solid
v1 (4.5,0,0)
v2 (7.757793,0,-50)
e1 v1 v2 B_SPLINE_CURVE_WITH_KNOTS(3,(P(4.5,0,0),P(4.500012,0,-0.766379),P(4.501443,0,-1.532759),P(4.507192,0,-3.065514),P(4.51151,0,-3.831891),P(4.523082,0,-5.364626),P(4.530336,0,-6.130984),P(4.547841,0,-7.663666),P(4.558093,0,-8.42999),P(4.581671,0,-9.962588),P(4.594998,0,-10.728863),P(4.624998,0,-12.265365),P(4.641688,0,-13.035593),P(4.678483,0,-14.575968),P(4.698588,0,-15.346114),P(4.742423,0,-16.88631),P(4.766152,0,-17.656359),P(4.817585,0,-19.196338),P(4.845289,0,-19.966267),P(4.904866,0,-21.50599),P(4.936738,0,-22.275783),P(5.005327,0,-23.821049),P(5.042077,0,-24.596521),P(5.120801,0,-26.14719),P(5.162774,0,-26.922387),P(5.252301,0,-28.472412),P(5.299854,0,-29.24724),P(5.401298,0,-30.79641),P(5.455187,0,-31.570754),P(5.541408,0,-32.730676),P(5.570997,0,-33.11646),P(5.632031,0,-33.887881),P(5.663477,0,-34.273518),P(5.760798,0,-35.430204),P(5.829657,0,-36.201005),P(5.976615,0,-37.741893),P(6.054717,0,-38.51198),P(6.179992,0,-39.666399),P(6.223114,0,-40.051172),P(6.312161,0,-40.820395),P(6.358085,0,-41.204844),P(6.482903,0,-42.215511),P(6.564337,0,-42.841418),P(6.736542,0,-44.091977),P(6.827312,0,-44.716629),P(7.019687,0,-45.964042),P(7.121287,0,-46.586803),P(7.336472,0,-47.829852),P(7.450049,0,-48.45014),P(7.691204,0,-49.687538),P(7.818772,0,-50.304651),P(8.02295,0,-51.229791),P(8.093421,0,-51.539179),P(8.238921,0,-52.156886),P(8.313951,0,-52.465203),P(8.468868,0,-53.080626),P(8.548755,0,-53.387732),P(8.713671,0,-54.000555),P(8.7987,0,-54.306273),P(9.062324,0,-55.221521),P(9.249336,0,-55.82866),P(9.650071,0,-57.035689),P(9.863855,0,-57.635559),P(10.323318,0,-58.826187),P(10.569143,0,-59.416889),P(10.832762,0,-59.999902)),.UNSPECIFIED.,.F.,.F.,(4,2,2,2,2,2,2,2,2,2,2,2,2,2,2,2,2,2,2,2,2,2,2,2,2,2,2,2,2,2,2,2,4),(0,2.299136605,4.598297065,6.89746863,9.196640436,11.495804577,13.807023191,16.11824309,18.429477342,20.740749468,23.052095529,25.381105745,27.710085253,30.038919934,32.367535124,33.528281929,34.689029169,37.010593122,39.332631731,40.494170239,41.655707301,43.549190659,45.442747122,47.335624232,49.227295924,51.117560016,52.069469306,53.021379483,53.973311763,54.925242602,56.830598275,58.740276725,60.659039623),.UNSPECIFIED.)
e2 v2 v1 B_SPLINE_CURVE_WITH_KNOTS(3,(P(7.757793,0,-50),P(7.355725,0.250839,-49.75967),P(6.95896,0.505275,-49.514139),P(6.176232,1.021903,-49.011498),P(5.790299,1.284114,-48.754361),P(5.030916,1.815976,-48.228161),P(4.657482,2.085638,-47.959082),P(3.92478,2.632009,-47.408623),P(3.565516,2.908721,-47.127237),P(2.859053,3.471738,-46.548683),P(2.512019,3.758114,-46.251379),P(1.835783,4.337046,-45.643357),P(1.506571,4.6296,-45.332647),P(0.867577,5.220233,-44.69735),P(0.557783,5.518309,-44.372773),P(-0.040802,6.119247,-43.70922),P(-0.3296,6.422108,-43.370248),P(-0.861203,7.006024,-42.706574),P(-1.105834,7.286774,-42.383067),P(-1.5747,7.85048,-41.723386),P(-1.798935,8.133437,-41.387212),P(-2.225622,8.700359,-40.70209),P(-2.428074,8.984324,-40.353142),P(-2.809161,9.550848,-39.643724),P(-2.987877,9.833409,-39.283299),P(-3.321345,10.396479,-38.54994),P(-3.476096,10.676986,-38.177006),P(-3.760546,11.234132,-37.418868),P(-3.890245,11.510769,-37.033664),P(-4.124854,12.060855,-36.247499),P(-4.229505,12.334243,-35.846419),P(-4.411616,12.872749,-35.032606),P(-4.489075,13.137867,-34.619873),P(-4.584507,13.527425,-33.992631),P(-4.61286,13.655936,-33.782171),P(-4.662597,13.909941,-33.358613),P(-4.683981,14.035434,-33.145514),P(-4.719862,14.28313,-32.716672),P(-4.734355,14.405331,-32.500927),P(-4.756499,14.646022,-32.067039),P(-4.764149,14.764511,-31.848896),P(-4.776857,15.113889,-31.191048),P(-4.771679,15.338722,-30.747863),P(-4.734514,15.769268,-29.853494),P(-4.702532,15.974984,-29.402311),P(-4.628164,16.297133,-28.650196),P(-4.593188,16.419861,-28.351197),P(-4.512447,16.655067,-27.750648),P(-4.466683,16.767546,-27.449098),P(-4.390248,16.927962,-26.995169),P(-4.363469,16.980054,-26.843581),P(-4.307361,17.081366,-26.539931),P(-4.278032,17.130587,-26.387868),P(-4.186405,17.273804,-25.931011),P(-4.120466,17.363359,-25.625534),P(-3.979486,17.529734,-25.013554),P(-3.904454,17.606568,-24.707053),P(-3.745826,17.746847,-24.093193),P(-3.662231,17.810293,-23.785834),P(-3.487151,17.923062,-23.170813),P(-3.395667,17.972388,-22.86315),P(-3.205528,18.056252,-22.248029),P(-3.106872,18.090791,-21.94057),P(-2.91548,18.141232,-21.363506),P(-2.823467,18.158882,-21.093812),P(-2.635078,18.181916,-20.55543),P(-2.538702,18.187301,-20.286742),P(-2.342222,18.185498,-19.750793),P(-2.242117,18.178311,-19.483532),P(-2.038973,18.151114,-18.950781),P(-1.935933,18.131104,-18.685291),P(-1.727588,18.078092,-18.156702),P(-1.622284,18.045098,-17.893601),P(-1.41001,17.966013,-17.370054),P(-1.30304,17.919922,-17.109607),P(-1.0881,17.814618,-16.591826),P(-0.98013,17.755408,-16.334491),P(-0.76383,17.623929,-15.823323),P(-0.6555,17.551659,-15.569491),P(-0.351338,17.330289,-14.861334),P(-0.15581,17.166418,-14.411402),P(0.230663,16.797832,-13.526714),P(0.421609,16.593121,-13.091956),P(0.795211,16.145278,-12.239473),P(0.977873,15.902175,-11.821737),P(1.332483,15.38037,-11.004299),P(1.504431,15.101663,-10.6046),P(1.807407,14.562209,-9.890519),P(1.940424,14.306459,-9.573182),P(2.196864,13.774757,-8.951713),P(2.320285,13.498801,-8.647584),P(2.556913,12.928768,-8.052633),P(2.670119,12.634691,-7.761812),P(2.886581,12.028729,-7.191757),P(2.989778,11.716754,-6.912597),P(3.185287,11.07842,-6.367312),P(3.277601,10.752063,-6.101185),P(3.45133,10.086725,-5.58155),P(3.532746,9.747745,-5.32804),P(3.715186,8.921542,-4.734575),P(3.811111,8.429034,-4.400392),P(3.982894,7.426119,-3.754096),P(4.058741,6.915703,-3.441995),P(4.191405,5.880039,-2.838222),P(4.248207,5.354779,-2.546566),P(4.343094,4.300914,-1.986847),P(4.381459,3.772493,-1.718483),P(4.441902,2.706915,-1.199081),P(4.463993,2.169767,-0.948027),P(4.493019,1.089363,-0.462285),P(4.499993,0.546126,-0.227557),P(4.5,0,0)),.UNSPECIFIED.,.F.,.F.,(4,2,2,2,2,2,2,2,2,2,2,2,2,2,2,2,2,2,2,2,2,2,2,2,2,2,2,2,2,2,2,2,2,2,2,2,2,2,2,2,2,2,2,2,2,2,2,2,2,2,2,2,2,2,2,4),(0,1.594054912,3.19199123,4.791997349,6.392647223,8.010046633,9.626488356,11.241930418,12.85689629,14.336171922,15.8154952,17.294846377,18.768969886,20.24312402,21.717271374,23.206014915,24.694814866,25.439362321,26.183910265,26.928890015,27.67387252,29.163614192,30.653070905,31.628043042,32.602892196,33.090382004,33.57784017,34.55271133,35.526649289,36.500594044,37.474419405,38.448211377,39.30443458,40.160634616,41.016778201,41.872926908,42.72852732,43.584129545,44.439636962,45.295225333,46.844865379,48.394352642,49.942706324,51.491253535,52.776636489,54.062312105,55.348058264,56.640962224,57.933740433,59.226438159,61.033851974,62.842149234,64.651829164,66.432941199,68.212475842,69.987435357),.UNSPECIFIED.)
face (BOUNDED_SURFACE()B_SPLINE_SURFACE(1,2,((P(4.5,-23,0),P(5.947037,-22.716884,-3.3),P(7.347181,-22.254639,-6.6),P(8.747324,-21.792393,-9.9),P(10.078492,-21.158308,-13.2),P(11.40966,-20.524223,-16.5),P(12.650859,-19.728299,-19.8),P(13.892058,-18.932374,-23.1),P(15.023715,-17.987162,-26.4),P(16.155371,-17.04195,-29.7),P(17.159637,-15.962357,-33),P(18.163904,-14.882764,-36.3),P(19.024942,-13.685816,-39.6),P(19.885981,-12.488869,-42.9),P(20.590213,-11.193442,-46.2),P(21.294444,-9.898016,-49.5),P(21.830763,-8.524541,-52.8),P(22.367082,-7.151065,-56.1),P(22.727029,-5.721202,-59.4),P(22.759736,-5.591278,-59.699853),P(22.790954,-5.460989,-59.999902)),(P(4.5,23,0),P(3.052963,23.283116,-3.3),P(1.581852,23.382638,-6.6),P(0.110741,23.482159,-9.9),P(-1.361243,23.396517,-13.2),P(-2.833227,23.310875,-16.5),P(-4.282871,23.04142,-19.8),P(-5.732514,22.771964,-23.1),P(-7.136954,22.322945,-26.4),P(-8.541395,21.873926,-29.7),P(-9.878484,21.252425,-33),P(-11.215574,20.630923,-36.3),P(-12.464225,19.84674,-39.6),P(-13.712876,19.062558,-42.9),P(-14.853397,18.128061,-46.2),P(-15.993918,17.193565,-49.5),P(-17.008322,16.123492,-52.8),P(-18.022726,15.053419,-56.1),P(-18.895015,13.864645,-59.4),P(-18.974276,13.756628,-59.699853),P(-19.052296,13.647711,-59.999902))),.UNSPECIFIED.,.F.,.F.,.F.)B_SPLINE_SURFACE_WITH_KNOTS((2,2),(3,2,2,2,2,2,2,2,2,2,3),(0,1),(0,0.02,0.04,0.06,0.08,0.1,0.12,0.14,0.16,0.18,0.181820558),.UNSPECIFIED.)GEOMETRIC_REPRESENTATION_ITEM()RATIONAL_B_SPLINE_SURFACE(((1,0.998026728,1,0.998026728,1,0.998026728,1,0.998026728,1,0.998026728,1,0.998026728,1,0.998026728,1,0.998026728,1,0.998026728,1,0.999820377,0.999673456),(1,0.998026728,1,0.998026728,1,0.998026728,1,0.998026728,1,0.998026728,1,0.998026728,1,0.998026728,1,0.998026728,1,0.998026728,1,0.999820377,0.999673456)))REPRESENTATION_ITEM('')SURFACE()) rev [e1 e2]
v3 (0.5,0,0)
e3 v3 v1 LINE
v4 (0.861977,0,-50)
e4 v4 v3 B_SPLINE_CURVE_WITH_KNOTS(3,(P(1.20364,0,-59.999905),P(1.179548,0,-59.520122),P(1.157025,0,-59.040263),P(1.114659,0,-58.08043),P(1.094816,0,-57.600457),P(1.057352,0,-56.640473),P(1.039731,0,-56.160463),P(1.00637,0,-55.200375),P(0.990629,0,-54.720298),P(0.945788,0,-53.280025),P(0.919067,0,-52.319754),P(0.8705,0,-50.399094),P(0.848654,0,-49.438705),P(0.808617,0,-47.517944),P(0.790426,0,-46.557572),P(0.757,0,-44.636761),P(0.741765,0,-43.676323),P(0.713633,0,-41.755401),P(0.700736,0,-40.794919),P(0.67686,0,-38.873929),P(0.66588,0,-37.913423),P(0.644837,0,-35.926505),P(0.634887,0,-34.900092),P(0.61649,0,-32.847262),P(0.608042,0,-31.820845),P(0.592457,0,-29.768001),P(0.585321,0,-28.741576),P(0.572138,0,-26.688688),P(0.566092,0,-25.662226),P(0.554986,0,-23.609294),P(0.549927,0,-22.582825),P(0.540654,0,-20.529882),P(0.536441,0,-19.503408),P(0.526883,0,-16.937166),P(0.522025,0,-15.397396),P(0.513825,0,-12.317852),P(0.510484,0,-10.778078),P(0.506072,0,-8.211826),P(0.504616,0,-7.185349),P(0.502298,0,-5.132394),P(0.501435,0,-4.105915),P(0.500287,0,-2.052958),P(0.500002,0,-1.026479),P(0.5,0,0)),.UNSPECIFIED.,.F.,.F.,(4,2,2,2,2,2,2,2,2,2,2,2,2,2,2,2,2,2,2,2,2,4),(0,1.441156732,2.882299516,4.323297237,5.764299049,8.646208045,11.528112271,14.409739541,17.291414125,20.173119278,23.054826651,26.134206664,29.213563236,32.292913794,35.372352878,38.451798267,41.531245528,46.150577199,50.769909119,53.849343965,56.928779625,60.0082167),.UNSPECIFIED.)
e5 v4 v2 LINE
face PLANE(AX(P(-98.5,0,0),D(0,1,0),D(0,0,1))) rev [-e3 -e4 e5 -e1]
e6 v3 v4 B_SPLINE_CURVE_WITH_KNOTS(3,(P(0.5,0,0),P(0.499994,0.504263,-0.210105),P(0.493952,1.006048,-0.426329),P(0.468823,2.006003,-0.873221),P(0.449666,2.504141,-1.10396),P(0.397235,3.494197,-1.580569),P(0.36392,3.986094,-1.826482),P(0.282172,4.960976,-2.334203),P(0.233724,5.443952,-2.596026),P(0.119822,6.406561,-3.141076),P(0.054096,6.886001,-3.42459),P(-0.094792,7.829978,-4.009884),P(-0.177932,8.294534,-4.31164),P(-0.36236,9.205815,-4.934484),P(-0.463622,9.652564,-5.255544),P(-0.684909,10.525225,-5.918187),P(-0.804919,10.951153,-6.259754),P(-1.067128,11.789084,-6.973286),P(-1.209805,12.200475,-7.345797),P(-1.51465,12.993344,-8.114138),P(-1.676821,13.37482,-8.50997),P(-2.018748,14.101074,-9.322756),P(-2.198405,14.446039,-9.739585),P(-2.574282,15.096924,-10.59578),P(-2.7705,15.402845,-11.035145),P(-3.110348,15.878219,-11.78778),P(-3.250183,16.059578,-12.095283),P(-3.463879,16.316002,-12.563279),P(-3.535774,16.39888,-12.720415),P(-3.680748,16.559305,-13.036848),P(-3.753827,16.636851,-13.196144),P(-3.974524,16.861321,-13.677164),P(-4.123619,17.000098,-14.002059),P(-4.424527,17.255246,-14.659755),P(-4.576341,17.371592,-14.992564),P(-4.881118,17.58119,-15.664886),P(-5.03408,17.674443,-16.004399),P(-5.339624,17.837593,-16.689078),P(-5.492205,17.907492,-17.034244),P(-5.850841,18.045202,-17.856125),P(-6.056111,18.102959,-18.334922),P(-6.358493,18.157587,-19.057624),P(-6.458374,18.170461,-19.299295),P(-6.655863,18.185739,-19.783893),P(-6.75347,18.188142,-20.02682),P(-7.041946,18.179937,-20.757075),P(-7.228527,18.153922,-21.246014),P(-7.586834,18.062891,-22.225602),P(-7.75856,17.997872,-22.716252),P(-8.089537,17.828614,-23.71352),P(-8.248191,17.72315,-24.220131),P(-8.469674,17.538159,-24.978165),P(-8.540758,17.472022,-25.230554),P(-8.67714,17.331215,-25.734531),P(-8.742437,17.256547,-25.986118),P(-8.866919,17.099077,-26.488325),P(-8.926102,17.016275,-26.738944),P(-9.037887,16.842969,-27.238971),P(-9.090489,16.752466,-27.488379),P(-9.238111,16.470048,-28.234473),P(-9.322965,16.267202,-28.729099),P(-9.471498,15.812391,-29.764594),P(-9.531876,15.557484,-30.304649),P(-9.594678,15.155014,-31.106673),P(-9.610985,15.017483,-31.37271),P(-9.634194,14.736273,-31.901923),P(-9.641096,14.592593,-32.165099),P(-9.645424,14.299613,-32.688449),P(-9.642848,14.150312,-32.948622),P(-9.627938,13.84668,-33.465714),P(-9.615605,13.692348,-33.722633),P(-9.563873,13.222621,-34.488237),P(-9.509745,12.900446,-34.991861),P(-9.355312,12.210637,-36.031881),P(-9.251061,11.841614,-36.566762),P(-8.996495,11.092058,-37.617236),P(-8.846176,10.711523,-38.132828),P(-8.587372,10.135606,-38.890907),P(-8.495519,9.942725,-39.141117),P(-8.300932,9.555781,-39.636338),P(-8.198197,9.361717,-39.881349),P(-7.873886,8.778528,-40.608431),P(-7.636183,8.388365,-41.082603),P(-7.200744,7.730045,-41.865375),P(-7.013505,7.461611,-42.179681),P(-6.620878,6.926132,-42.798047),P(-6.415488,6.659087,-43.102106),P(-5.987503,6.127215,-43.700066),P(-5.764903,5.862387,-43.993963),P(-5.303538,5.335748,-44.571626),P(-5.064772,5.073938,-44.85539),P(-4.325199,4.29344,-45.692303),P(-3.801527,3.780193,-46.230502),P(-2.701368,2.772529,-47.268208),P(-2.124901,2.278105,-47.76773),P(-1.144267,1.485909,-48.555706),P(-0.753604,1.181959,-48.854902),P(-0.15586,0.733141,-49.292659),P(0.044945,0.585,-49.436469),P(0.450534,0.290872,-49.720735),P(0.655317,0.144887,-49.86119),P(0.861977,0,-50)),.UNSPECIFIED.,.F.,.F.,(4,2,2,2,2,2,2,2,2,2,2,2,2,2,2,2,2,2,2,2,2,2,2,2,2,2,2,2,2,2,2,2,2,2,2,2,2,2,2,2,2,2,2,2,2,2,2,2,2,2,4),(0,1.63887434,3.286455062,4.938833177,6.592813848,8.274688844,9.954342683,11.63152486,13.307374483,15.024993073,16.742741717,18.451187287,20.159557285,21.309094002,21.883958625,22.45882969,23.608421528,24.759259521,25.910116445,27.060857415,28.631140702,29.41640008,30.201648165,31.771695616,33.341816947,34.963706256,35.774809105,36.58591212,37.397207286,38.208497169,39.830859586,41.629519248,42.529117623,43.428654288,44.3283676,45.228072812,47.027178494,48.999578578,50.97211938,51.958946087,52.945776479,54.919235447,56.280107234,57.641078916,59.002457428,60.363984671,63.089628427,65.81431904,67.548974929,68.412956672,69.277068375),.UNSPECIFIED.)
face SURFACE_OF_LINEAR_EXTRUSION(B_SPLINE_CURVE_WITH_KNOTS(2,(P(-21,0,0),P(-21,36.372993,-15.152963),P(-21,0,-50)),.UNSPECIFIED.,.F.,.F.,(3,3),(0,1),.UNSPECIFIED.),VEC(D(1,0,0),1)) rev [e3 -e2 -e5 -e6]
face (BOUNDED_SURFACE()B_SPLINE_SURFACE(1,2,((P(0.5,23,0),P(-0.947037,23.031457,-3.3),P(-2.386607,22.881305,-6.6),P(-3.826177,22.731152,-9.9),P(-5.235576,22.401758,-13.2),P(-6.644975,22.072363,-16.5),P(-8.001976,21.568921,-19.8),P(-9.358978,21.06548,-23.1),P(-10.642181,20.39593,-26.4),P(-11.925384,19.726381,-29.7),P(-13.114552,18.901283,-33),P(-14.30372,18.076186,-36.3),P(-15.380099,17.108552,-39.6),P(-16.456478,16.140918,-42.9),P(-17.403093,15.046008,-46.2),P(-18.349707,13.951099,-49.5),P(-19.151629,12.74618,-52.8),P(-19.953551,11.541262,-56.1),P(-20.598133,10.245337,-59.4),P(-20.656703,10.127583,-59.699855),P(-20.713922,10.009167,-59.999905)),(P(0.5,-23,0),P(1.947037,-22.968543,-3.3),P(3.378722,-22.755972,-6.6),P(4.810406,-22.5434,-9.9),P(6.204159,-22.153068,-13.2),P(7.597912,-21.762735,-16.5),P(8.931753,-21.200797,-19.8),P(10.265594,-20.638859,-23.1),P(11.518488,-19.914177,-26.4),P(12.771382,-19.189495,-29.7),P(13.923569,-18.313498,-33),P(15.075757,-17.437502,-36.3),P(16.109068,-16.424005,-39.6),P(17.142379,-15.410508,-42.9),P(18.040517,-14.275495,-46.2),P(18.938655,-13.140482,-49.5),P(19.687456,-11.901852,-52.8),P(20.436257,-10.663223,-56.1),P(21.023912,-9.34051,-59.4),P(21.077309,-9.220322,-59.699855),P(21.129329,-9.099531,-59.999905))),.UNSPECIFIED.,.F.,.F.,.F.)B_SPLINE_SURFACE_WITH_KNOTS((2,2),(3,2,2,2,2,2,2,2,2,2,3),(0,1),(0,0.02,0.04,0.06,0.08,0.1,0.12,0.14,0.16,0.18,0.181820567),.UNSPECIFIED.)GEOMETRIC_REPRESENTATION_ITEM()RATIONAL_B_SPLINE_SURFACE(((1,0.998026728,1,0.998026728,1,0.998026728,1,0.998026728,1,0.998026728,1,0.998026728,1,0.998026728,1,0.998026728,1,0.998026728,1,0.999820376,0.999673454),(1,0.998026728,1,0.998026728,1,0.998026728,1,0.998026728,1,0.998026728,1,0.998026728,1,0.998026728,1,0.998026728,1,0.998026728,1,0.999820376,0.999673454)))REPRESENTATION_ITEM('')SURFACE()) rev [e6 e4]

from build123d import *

# Parameters (mm, degrees)
SWEEP_1_PITCH       = 330
SWEEP_1_HEIGHT      = 60
SWEEP_1_RADIUS      = 2.5
SWEEP_1_START_ANGLE = 180
SKETCH_3_W          = 4
SKETCH_3_H          = 46
CUT_EXTRUDE_1_DEPTH = 21
CUT_EXTRUDE_2_DEPTH = 98.5


with BuildPart() as part:
    # 扫描1: sweep along a helix
    with BuildLine() as sweep_1_path:
        add(Helix(SWEEP_1_PITCH, SWEEP_1_HEIGHT, SWEEP_1_RADIUS, center=(0, 0, 0), direction=(0, 0, -1), lefthand=True, mode=Mode.PRIVATE).rotate(Axis((0, 0, 0), (0, 0, -1)), SWEEP_1_START_ANGLE))
    # 草图3 → 扫描1 (sweep)
    with BuildSketch(Plane.XY):
        with Locations((2.5, 0)):
            Rectangle(SKETCH_3_W, SKETCH_3_H)
    sweep(path=sweep_1_path.line, is_frenet=True)

    # 草图5 → 切除-拉伸1 (cut, symmetric)
    with BuildSketch(Plane(origin=(0, 0, 0), x_dir=(0, 0, -1), z_dir=(1, 0, 0))):
        with BuildLine():
            Line((50, 0), (145.717687223, 0))
            Line((145.717687223, 0), (145.717687223, 81.76666886))
            Line((145.717687223, 81.76666886), (-35.18191624, 81.76666886))
            Line((-35.18191624, 81.76666886), (-35.18191624, 0))
            Line((-35.18191624, 0), (0, 0))
            add(Edge.make_bspline(
                [(50, 0), (15.152963125, 36.372992503), (0, 0)],
                knots=[0, 0, 0, 1, 1, 1], degree=2))
        make_face()
    extrude(amount=CUT_EXTRUDE_1_DEPTH, both=True, mode=Mode.SUBTRACT)

    # 草图6 → 切除-拉伸2 (cut, symmetric)
    with BuildSketch(Plane(origin=(0, 0, 0), x_dir=(0, 0, -1), z_dir=(1, 0, 0))):
        with BuildLine():
            Line((0, 0), (71.627934589, 0))
            ThreePointArc((71.627934589, 0), (59.599015938, -39.70893354), (27.556474365, -66.067420149))
            Line((27.556474365, -66.067420149), (-48.82479627, -55.196148728))
            Line((-48.82479627, -55.196148728), (0, 0))
        make_face()
    extrude(amount=CUT_EXTRUDE_2_DEPTH, both=True, mode=Mode.SUBTRACT)


solid = part.part
